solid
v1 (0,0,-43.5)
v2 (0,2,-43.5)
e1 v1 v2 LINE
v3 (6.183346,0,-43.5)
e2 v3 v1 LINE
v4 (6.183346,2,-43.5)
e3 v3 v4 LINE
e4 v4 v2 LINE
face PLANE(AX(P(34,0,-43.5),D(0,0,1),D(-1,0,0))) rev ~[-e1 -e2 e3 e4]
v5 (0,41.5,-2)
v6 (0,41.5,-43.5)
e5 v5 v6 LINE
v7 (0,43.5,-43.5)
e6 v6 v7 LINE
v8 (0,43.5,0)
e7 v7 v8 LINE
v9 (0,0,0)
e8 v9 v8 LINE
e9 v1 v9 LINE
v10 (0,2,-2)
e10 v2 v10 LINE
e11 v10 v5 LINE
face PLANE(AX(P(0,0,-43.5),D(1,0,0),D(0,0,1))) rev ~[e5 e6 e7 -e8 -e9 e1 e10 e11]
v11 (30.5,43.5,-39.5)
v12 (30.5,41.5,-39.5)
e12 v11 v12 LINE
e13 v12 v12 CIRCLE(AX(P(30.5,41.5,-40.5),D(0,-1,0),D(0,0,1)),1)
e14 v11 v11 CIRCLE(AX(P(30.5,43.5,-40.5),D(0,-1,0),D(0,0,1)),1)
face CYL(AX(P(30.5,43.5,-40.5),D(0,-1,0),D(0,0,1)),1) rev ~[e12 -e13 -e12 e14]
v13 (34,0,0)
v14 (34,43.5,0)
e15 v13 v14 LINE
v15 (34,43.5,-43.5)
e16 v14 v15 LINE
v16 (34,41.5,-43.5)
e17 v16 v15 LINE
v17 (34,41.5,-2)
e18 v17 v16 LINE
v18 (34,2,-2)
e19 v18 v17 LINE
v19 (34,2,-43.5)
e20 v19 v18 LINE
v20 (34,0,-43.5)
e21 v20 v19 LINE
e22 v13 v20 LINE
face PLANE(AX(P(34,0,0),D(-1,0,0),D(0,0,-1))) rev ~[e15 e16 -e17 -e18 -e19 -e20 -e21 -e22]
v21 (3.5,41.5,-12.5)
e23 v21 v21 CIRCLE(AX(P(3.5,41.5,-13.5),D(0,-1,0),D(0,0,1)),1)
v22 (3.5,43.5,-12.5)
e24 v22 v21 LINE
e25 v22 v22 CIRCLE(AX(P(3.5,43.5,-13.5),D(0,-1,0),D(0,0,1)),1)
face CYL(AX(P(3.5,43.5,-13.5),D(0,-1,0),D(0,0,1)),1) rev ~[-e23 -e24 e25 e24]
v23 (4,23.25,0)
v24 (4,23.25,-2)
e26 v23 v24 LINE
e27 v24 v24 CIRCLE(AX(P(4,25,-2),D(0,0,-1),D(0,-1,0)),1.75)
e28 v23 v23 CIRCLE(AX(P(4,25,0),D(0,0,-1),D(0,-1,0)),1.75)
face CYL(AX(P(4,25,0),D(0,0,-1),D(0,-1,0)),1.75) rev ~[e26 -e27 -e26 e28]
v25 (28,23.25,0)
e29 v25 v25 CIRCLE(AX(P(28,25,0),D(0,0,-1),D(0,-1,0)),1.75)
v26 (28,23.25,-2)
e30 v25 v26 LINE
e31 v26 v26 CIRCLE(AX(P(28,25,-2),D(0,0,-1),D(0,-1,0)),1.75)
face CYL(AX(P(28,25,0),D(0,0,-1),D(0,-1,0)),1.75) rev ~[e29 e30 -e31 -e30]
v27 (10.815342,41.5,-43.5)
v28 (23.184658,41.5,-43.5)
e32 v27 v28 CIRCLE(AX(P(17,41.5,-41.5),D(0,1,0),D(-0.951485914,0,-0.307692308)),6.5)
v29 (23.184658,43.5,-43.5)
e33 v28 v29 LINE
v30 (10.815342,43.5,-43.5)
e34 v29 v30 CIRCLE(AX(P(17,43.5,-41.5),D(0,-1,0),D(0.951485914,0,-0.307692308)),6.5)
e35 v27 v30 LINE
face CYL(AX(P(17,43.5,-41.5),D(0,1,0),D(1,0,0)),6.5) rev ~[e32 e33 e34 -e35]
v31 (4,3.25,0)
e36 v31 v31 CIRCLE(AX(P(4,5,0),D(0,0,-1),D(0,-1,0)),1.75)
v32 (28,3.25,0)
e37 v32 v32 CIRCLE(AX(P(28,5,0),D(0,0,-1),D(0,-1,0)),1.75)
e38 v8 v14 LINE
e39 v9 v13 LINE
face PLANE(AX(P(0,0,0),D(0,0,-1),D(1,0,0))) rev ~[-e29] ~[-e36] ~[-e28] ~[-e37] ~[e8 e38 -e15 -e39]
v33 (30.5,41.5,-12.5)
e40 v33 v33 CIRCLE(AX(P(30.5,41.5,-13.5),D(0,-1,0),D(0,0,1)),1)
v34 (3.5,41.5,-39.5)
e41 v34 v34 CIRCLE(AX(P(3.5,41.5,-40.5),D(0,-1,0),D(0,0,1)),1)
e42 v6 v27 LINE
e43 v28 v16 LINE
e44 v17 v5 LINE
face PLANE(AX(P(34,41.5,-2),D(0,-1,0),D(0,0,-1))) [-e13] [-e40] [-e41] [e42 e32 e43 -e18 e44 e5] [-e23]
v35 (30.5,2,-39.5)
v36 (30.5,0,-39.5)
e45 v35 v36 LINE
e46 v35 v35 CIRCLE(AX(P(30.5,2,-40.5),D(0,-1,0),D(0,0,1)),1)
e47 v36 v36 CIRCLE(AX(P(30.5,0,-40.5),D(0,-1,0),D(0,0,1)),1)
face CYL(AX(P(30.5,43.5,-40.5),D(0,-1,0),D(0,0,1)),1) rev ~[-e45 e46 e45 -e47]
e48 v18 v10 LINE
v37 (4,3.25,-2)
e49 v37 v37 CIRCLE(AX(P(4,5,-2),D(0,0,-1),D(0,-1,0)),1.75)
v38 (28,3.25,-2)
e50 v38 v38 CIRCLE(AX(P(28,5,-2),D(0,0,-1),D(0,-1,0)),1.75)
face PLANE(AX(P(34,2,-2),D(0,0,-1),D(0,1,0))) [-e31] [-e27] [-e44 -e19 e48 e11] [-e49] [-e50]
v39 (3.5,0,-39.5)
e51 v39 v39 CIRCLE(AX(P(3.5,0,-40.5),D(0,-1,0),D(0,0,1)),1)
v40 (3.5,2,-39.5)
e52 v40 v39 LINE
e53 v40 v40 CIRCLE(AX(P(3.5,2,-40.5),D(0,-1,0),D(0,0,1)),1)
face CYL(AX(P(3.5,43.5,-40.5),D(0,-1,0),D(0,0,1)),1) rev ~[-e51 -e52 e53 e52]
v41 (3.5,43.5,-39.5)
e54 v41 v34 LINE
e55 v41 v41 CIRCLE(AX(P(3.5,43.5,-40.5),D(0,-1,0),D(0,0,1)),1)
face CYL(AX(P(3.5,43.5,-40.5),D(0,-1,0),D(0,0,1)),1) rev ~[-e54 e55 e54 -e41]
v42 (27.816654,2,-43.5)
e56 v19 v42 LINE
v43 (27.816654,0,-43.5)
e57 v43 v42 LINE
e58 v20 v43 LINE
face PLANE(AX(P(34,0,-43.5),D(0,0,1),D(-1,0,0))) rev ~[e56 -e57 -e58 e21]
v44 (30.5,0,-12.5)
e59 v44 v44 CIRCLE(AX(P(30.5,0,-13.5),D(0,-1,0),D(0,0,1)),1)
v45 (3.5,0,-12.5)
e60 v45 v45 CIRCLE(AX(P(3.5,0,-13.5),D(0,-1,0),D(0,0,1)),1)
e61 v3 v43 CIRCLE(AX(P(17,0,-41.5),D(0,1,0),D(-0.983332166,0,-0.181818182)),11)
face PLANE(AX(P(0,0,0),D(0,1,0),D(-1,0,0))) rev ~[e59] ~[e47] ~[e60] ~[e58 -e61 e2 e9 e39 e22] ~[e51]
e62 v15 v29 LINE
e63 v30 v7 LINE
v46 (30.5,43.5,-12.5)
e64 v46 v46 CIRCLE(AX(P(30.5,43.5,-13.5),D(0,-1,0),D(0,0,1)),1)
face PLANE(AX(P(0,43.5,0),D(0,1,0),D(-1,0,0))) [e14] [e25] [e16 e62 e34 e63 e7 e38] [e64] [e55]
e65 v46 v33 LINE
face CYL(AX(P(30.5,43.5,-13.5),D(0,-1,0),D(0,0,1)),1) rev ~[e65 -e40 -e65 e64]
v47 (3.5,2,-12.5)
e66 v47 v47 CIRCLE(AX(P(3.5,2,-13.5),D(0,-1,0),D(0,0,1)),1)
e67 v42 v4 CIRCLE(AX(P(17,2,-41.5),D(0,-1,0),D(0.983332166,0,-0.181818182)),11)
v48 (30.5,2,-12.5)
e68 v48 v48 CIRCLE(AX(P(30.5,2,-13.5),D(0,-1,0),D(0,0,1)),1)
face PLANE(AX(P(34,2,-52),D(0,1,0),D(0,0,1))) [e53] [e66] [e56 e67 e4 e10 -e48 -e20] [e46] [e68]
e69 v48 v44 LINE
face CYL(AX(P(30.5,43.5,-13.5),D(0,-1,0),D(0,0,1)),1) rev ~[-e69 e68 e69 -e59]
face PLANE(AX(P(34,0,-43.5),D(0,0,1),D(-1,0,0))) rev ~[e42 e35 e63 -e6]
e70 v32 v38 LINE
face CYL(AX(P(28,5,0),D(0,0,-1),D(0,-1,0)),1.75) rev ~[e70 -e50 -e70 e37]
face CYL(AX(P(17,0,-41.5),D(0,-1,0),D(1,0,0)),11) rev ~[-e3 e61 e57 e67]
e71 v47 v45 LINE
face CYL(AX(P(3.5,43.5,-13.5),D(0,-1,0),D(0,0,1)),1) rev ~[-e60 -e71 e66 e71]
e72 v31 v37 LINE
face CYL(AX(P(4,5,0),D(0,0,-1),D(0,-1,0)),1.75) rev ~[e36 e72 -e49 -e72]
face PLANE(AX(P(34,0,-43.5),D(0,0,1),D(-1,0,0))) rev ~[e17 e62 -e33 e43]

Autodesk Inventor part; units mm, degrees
ref_plane "YZ Plane" through (0, 0, 0) normal (1, 0, 0) x (0, 1, 0)
ref_plane "XZ Plane" through (0, 0, 0) normal (0, 1, 0) x (-1, 0, 0)
ref_plane "XY Plane" through (0, 0, 0) normal (0, 0, 1) x (1, 0, 0)
sketch "スケッチ1" plane through (0, 0, 0) normal (0, 1, 0) x (-1, 0, 0)
  line L0 (0, 0) -> (-34, 0)
  line L1 (-34, 0) -> (-34, -43.5)
  line L2 (-34, -43.5) -> (0, -43.5)
  line L3 (0, -43.5) -> (0, 0)
  dimension "d0" = 43.5
  dimension "d1" = 34
extrude "押し出し1" add sketch "スケッチ1" along normal blind 43.5
sketch "スケッチ2" plane through (34, 0, 0) normal (1, 0, 0) x (0, 0, -1)
  line L0 (2, 41.5) -> (52, 41.5)
  line L1 (52, 41.5) -> (52, 2)
  line L2 (52, 2) -> (2, 2)
  line L3 (2, 2) -> (2, 41.5)
  line L4 (0, 43.5) -> (43.5, 43.5) projected
  line L5 (0, 0) -> (0, 43.5) projected
  dimension "d4" = 2
  dimension "d5" = 2
  dimension "d6" = 39.5
  dimension "d7" = 50
extrude "押し出し2" cut sketch "スケッチ2" against normal blind 43.5
sketch "スケッチ3" plane through (0, 0, 0) normal (0, -1, 0) x (1, 0, 0)
  circle A0 centre (17, -41.5) radius 11
  line L0 (34, -43.5) -> (0, -43.5) projected
  line L1 (0, -43.5) -> (0, 0) projected
  point P0 (6.1833, -43.5)
  point P1 (27.8167, -43.5)
  dimension "d10" = 22
  dimension "d11" = 2
  dimension "d12" = 17
extrude "押し出し3" cut sketch "スケッチ3" against normal blind 2 contours A0 L0 picked at (20.7405, -37.2254)
sketch "スケッチ4" plane through (0, 43.5, 0) normal (0, 1, 0) x (1, 0, 0)
  circle A0 centre (17, 41.5) radius 6.5
  line L0 (34, 43.5) -> (0, 43.5) projected
  line L1 (0, 43.5) -> (0, 0) projected
  point P0 (23.1847, 43.5)
  point P1 (10.8153, 43.5)
  point P2 (0, 35.0774)
  dimension "d15" = 13
  dimension "d16" = 2
  dimension "d17" = 17
extrude "押し出し4" cut sketch "スケッチ4" against normal blind 2
sketch "スケッチ5" plane through (0, 43.5, 0) normal (0, 1, 0) x (1, 0, 0)
  line L0 (0, 0) -> (34, 0) projected
  line L1 (0, 43.5) -> (0, 0) projected
  line L2 (34, 0) -> (34, 43.5) projected
  point P0 (3.5, 13.5)
  point P1 (3.5, 40.5)
  point P2 (30.5, 40.5)
  point P3 (30.5, 13.5)
  dimension "d20" = 13.5
  dimension "d21" = 3.5
  dimension "d22" = 27
  dimension "d23" = 3.5
  dimension "d48" = 3.5
hole "穴1" at (3.5, 43.5, -13.5) at (3.5, 43.5, -40.5) at (30.5, 43.5, -40.5) at (30.5, 43.5, -13.5) direction (0, -1, 0) diameter 2 end through all
sketch "スケッチ6" plane through (0, 0, 0) normal (0, 0, 1) x (1, 0, 0)
  line L0 (0, 0) -> (34, 0) projected
  line L1 (0, 0) -> (0, 43.5) projected
  point P0 (4, 5)
  point P1 (4, 25)
  point P2 (28, 5)
  point P3 (28, 25)
  dimension "d31" = 5
  dimension "d32" = 4
  dimension "d35" = 20
  dimension "d38" = 24
hole "穴2" at (4, 5, 0) at (4, 25, 0) at (28, 5, 0) at (28, 25, 0) direction (0, 0, -1) diameter 3.5 end through all
properties part number "サーボモータ固定用"
